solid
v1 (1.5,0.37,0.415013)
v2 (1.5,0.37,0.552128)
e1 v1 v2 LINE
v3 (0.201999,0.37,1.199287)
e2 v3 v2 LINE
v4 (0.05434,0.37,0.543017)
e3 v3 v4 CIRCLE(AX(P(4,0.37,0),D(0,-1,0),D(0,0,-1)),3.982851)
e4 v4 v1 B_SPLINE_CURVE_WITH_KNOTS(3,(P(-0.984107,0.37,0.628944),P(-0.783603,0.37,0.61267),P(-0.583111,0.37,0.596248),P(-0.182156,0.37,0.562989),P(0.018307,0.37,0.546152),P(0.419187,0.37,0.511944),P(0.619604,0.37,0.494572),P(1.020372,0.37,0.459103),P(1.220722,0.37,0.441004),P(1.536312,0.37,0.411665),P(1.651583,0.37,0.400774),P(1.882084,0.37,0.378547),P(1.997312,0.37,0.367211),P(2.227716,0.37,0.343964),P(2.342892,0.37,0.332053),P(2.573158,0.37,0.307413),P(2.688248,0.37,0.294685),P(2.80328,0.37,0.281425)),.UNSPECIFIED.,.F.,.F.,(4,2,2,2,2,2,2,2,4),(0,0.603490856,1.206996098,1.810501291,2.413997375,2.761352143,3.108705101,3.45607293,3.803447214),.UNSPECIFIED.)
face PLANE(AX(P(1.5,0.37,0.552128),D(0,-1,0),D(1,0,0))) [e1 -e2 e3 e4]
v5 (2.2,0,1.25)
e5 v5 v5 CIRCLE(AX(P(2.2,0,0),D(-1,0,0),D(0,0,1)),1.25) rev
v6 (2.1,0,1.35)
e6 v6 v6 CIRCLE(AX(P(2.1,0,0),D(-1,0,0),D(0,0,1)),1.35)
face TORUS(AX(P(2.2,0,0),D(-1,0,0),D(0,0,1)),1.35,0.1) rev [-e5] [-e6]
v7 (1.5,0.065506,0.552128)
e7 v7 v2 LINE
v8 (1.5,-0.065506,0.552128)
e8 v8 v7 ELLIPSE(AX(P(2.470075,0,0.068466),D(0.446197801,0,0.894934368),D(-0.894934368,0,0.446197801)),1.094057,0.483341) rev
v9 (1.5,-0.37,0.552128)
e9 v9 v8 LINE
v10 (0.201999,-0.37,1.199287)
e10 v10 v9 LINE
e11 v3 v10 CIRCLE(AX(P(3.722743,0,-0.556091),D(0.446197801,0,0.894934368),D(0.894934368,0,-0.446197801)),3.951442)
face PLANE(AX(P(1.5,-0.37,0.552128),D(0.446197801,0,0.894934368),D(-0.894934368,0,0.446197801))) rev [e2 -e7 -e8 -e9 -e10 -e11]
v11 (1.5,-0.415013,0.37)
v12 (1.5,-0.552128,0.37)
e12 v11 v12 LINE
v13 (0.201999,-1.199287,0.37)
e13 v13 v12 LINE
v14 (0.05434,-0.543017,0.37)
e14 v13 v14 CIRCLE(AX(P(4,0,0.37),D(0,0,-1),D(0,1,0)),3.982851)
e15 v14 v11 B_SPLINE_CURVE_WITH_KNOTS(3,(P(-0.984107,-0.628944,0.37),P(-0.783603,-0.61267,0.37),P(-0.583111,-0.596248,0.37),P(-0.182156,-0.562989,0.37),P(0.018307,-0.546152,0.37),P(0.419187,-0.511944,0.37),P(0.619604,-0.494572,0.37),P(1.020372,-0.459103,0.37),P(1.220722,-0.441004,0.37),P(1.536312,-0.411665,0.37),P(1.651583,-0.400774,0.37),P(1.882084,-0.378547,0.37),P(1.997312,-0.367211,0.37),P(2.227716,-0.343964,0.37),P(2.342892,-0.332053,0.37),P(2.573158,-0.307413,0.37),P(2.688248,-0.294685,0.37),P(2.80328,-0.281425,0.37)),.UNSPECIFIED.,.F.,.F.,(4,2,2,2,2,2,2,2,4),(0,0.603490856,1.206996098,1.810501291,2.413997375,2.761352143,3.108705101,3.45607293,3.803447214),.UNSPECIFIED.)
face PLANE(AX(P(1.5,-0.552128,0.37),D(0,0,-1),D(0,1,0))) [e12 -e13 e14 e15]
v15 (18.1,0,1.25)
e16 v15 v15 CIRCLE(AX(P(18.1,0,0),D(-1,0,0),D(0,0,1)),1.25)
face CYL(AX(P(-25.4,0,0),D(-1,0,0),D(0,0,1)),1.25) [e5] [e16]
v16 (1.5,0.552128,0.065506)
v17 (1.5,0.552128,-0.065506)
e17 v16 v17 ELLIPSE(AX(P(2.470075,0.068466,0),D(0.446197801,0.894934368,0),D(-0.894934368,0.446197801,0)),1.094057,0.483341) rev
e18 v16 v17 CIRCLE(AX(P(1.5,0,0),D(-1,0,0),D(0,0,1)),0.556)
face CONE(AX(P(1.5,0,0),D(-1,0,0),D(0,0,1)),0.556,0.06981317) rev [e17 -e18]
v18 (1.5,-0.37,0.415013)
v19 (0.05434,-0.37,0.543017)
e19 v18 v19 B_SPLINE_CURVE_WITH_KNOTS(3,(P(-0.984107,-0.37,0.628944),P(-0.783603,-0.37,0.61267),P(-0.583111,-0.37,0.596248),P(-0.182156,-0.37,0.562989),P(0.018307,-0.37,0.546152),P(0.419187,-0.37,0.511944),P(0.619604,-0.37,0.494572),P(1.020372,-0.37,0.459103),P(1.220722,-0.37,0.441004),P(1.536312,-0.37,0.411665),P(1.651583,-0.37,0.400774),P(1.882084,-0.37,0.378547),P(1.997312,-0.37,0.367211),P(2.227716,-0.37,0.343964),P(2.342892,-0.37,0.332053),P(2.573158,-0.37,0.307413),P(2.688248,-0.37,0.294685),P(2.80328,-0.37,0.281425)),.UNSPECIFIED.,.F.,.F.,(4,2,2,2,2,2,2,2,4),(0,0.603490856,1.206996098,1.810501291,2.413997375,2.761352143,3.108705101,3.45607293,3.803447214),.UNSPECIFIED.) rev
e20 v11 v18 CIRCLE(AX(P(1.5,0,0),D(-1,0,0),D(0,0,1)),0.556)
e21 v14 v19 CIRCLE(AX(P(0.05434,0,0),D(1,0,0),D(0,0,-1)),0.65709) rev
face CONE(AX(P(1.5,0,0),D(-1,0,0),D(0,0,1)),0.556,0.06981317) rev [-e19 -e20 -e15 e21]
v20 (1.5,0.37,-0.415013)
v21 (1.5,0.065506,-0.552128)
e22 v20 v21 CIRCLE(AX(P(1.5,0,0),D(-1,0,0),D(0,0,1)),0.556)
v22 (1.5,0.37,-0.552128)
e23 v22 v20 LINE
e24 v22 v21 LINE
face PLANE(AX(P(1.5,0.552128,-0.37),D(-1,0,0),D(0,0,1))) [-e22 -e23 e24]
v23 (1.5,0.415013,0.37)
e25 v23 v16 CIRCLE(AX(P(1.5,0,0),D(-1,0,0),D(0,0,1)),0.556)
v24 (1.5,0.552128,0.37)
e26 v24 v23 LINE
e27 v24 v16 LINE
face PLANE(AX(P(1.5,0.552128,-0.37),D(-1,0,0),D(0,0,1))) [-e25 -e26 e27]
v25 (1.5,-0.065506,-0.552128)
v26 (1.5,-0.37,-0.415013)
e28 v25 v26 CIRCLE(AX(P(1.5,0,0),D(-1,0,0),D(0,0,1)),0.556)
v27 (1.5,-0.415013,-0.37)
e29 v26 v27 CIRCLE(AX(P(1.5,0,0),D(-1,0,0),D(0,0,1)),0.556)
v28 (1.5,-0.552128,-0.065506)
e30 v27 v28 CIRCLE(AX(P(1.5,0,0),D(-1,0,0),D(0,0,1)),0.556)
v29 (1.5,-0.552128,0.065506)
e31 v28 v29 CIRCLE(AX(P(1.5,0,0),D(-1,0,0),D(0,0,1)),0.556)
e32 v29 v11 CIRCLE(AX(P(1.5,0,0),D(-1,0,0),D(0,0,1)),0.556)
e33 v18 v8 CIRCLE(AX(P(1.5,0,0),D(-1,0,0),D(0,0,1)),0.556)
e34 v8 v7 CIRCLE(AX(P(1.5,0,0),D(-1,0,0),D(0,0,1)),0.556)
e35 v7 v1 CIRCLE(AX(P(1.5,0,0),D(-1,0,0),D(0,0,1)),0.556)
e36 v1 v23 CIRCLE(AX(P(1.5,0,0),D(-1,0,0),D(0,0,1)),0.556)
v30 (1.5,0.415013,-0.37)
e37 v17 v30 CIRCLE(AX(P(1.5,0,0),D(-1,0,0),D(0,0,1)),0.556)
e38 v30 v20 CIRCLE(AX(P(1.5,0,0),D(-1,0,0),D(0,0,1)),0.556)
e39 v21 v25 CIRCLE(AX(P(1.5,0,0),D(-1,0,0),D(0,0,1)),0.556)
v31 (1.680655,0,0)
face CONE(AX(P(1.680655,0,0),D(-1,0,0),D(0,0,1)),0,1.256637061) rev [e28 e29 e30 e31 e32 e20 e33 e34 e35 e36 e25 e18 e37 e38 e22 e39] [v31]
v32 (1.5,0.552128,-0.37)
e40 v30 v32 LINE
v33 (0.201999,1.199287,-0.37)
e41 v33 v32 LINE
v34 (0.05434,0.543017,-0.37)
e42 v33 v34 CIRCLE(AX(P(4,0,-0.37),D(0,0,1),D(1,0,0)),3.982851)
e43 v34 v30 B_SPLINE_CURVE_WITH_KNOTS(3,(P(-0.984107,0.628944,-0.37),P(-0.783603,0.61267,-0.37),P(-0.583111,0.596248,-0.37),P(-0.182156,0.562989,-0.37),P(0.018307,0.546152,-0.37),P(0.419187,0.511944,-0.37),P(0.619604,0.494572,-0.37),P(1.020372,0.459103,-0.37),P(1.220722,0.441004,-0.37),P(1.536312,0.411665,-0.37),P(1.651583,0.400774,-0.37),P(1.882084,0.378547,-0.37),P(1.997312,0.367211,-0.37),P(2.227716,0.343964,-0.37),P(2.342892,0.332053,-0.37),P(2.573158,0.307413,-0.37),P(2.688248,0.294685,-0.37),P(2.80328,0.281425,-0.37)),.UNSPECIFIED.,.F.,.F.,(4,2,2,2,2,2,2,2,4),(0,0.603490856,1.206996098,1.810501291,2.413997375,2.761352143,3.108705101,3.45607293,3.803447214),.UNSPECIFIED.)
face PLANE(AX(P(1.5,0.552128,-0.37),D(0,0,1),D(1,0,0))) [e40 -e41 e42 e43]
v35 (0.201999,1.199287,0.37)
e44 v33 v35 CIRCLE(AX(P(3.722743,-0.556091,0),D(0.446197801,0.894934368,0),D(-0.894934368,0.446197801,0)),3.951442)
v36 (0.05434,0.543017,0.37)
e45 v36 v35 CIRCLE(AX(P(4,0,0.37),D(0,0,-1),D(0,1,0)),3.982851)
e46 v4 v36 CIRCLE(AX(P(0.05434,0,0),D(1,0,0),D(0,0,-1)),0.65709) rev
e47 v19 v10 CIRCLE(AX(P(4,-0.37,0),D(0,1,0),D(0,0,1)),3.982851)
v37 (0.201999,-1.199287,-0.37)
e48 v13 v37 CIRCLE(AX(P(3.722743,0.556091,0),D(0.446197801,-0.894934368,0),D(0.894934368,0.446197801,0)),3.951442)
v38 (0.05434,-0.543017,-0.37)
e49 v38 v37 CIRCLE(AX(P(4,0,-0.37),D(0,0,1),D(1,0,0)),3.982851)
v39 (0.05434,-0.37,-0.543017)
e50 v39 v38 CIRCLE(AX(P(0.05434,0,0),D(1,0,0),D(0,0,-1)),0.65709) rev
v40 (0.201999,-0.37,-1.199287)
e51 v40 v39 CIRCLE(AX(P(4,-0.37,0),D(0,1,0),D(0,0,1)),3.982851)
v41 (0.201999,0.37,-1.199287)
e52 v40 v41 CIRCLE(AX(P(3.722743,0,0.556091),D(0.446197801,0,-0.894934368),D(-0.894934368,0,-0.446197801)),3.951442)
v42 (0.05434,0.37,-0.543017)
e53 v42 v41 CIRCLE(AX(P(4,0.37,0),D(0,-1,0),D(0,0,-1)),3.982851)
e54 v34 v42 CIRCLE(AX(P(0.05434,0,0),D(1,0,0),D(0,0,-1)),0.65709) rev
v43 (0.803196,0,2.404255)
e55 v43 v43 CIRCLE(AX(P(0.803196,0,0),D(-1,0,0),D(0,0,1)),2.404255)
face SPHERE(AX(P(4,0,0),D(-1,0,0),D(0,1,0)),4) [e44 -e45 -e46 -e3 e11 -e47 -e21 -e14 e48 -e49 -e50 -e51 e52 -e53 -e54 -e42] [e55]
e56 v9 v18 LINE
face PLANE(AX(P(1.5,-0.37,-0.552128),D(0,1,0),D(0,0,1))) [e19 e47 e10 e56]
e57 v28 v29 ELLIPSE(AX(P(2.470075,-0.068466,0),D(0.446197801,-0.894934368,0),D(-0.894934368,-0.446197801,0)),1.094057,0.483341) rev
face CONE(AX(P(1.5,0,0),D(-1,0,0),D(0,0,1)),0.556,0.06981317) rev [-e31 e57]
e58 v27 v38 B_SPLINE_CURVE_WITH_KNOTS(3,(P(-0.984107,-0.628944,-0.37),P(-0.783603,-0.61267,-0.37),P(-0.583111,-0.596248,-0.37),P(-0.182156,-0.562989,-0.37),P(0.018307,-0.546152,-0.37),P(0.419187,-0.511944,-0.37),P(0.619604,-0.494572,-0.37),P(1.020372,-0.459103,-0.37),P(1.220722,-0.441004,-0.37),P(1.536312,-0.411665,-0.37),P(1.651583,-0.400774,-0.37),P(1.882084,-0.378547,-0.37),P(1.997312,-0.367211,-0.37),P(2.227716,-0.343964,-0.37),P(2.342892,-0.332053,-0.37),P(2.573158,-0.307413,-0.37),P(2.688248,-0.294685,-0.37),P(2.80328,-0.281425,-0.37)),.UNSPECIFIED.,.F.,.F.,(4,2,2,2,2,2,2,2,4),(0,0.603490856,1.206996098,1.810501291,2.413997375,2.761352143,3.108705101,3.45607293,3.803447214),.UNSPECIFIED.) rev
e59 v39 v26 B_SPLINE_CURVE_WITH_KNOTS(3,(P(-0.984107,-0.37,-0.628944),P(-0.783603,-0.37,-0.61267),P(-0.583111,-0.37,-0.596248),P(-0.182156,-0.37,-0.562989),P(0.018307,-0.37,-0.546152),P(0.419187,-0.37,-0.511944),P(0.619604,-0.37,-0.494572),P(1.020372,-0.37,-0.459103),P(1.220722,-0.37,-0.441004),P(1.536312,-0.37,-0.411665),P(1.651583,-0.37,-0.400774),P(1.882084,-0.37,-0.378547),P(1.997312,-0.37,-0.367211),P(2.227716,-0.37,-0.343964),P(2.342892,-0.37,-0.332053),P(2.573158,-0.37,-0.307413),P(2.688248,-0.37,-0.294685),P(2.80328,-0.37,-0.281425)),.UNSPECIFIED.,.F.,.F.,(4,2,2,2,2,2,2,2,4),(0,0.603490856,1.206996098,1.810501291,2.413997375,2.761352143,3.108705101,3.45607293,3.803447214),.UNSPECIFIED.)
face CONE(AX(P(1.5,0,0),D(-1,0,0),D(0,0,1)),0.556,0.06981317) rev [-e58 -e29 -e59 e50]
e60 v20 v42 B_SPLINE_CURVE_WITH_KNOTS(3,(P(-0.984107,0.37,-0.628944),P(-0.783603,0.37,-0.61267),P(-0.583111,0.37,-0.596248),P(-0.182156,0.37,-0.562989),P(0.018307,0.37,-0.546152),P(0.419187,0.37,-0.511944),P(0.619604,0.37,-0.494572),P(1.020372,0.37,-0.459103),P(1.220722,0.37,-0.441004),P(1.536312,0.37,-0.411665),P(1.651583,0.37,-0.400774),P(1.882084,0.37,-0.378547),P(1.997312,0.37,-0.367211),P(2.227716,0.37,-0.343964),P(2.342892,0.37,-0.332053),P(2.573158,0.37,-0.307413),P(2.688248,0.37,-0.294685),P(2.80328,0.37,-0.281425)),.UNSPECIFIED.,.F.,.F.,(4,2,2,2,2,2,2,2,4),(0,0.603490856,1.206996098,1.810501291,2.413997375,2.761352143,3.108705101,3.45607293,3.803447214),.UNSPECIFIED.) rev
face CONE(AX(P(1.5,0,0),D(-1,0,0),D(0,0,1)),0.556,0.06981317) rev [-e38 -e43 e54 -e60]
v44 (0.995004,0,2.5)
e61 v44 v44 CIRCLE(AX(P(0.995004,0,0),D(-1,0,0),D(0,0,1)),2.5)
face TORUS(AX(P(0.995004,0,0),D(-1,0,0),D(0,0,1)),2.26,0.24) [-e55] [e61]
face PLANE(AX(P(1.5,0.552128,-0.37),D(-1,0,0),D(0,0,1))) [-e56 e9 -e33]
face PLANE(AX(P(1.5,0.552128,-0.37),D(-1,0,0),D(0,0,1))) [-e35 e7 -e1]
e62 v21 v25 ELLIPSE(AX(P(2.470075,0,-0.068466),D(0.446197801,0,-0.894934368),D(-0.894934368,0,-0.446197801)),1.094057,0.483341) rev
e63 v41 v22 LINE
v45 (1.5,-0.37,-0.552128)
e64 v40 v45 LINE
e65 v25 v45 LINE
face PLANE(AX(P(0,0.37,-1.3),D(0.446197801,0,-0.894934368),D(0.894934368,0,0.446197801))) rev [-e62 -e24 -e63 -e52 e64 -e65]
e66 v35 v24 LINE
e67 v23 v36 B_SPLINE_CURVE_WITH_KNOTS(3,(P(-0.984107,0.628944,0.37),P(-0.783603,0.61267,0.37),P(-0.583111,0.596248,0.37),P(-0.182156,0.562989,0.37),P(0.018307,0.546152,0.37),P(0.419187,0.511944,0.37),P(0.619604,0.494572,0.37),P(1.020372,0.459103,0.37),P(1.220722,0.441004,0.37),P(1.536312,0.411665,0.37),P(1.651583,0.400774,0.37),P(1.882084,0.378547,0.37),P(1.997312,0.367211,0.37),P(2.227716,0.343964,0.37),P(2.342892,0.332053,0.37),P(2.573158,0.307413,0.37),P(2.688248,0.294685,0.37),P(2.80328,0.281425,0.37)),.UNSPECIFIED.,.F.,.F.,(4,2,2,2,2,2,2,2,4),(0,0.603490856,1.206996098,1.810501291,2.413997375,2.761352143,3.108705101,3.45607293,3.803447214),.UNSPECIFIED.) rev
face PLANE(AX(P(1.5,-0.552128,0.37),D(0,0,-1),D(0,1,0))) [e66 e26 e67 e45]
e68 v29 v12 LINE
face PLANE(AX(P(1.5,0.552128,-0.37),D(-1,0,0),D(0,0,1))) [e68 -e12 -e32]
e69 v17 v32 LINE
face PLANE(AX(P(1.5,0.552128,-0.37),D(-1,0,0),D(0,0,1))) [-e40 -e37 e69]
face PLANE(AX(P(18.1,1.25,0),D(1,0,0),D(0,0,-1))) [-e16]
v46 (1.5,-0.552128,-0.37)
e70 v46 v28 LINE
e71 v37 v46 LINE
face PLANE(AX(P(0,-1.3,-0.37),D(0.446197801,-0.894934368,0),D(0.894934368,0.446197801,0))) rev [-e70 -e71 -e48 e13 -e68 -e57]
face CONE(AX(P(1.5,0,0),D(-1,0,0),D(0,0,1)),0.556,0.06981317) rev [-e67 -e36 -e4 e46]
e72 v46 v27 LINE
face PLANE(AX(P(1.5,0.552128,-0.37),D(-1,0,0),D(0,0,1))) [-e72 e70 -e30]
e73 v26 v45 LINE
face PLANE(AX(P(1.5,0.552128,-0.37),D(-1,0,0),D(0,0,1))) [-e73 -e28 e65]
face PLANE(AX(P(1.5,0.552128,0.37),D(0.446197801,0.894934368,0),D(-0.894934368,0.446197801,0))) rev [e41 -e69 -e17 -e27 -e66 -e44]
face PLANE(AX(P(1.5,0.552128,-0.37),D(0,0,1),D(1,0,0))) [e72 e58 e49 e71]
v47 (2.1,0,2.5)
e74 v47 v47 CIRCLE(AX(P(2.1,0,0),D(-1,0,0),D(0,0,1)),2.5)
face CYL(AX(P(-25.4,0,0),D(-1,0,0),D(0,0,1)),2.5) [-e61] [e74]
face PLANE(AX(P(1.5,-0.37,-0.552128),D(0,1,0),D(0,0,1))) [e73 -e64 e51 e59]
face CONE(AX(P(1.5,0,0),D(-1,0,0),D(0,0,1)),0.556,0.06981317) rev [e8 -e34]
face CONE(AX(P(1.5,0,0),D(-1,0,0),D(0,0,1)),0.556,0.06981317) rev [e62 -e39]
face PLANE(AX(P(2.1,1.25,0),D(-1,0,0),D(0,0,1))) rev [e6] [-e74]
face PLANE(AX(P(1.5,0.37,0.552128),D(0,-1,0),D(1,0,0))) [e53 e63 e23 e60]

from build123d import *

# Parameters (mm, degrees)
FILLET1_R    = 0.1
RECPAT_COUNT = 2
RECPAT_ANGLE = 90


with BuildPart() as part:
    # BodySke → Base-Revolve (revolve)
    with BuildSketch(Plane.XY, mode=Mode.PRIVATE) as base_revolve_sk:
        with BuildLine():
            Line((2.1, 1.25), (2.1, 2.5))
            Line((2.1, 2.5), (0.99500416, 2.5))
            ThreePointArc((0.99500416, 2.5), (0.88781572, 2.474733878), (0.803195915, 2.404255319))
            ThreePointArc((0.803195915, 2.404255319), (0.206109099, 1.267435138), (0, 0))
            Line((0, 0), (18.1, 0))
            Line((18.1, 0), (18.1, 1.25))
            Line((18.1, 1.25), (2.1, 1.25))
        make_face()
    revolve(base_revolve_sk.sketch.rotate(Axis((0.99500416, 0, 0), (1, 0, 0)), 90), axis=Axis((0.99500416, 0, 0), (1, 0, 0)))

    # Fillet1
    fillet1_edges = [part.edges().sort_by_distance(p)[0] for p in [
        (2.1, 0, -1.25),
    ]]
    fillet(fillet1_edges, radius=FILLET1_R)

    # Sketch3 → Recess section 0
    with BuildSketch(Plane(origin=(0, 0, 0), x_dir=(0, 0, -1), z_dir=(1, 0, 0))):
        with BuildLine():
            Line((0.37, -1.3), (-0.37, -1.3))
            Line((-0.37, -1.3), (-0.37, 1.3))
            Line((-0.37, 1.3), (0.37, 1.3))
            Line((0.37, 1.3), (0.37, -1.3))
        make_face()
    # Sketch4 → Recess section 1
    with BuildSketch(Plane(origin=(1.5, 0, 0), x_dir=(0, 0, -1), z_dir=(1, 0, 0))):
        with BuildLine():
            Line((0.37, -0.552127614), (-0.37, -0.552127614))
            Line((-0.37, -0.552127614), (-0.37, 0.552127614))
            Line((-0.37, 0.552127614), (0.37, 0.552127614))
            Line((0.37, 0.552127614), (0.37, -0.552127614))
        make_face()
    recess = loft(mode=Mode.SUBTRACT)

    # RecPat: Recess ×2 about axis
    recpat_axis = Axis((0, 0, 0), (1, 0, 0))
    for i in range(1, RECPAT_COUNT):
        add(recess.rotate(recpat_axis, i * RECPAT_ANGLE / (RECPAT_COUNT - 1)), mode=Mode.SUBTRACT)

    # RecCorSke → RecessCore (revolve, cut)
    with BuildSketch(Plane.XY, mode=Mode.PRIVATE) as recesscore_sk:
        Polygon((0, 0), (0, 0.660890218), (1.5, 0.556), (1.680655351, 0), align=None)
    revolve(recesscore_sk.sketch.rotate(Axis((-3.175, 0, 0), (1, 0, 0)), 17.145865586), axis=Axis((-3.175, 0, 0), (1, 0, 0)), mode=Mode.SUBTRACT)


solid = part.part
